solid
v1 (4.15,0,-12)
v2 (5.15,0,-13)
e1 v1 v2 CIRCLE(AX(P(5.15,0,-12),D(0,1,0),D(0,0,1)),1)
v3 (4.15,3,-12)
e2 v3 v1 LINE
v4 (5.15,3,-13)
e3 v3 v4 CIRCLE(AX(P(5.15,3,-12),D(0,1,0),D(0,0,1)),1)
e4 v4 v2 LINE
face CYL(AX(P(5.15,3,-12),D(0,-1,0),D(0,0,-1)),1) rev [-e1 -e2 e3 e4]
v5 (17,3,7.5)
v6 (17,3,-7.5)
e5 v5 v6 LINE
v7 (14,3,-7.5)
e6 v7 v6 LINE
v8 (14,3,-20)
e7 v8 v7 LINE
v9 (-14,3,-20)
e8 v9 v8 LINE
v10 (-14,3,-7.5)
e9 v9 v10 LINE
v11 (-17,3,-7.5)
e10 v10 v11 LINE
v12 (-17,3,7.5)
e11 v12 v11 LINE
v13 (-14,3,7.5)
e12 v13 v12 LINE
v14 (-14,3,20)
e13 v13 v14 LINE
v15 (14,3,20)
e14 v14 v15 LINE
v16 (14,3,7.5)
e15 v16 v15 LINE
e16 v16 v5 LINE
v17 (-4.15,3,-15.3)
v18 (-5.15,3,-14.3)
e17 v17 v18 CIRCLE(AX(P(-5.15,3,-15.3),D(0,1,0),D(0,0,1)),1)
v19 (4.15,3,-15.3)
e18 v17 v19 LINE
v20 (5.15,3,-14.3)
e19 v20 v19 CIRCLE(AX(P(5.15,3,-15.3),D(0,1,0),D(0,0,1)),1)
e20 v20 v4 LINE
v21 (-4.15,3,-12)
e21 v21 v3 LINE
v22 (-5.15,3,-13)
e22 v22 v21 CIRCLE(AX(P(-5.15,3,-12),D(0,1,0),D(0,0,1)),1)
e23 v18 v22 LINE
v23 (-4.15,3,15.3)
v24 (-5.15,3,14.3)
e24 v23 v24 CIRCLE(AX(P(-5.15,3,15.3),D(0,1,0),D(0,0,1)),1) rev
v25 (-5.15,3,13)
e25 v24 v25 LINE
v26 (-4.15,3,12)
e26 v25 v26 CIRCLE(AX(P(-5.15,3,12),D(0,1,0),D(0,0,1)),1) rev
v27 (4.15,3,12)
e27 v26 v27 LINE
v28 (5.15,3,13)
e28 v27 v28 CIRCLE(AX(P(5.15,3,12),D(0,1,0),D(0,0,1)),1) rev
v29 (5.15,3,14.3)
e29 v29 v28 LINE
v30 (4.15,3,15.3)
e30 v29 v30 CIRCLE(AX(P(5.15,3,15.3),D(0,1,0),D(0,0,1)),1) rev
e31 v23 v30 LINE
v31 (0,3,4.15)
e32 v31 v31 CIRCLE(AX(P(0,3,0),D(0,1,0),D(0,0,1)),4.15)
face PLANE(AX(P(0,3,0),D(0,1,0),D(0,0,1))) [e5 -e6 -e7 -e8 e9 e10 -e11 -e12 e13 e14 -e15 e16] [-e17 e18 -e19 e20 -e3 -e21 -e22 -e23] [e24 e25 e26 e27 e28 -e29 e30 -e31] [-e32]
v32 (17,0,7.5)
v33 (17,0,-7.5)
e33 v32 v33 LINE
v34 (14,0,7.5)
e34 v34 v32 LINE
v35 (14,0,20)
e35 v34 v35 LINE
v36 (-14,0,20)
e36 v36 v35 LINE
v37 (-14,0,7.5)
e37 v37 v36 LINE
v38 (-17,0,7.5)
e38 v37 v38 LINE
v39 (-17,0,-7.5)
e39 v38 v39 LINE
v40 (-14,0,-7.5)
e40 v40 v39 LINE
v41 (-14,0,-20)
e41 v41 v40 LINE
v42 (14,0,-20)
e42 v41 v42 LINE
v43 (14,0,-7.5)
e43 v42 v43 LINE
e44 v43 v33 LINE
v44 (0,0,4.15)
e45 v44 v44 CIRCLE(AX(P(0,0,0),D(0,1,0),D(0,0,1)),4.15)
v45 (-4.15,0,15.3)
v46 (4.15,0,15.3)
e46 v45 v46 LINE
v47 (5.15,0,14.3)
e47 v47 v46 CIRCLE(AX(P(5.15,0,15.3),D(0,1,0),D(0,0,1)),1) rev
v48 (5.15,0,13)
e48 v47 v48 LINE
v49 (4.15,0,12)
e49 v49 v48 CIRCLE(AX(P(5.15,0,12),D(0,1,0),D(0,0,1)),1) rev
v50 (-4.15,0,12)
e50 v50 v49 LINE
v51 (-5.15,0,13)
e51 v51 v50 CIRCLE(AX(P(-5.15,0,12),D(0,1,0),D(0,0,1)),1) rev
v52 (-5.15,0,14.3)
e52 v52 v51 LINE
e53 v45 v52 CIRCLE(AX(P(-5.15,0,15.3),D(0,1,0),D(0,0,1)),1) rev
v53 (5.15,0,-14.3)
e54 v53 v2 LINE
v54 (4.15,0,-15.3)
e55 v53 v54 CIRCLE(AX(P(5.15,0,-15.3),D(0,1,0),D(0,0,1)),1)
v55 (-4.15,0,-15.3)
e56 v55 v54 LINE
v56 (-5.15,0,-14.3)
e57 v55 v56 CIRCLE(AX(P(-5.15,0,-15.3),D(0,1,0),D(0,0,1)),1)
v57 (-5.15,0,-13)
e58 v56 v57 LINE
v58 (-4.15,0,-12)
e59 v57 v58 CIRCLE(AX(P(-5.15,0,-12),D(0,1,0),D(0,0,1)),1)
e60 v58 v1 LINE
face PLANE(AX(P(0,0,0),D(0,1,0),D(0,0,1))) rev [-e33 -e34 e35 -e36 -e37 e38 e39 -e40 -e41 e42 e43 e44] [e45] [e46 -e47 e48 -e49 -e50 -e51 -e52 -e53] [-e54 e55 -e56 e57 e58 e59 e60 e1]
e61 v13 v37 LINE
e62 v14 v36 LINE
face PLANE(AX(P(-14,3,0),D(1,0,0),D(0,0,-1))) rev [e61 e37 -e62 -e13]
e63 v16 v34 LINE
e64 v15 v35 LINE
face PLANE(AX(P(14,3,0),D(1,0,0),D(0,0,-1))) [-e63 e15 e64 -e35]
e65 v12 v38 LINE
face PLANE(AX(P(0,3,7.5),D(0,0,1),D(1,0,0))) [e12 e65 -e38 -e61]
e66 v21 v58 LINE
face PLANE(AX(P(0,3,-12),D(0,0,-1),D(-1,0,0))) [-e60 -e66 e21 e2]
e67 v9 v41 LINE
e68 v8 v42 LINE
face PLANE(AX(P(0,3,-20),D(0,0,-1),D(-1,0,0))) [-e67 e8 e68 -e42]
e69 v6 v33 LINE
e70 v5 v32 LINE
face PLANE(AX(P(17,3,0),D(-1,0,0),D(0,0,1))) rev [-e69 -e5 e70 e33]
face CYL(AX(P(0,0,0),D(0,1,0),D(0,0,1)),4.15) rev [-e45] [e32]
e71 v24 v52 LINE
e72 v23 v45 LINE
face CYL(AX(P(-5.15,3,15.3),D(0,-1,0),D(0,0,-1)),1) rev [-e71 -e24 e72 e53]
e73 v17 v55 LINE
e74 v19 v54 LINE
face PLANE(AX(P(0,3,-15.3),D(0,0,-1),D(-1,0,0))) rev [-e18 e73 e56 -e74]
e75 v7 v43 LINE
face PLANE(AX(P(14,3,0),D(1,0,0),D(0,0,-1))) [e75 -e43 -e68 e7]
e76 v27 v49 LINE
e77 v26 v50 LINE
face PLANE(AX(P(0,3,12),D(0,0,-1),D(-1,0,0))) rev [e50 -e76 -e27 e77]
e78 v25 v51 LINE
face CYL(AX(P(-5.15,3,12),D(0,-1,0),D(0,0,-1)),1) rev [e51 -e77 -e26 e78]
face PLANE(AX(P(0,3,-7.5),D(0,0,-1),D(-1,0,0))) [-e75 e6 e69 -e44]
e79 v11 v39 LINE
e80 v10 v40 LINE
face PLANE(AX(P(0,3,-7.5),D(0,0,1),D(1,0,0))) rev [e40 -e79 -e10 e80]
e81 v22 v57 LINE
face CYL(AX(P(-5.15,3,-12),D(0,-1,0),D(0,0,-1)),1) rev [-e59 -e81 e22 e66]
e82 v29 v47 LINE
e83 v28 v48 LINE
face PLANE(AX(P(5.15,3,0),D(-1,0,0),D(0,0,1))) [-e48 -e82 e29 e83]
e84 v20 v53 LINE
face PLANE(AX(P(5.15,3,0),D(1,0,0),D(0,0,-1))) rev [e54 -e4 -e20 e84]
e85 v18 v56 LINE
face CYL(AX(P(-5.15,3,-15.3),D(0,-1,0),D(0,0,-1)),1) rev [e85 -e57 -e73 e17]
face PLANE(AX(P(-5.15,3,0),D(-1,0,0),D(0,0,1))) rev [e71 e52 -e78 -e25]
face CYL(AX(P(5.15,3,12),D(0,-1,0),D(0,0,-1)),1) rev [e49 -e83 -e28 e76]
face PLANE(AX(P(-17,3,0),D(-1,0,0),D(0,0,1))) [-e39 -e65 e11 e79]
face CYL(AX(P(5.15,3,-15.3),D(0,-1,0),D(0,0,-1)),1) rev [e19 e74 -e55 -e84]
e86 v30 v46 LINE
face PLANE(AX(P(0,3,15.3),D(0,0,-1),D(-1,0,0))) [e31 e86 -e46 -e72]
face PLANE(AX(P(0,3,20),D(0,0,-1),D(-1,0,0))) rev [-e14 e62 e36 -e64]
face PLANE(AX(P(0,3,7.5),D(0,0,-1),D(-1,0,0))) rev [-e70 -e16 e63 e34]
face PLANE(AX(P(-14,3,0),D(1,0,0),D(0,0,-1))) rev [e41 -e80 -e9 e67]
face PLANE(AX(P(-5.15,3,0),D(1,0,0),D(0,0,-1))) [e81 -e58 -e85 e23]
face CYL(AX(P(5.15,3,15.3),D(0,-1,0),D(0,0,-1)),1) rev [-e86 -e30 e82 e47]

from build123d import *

# Parameters (mm, degrees)
EXTRUDE_1_DEPTH     = 3
SKETCH_3_R          = 4.15
CUT_EXTRUDE_2_DEPTH = 3


with BuildPart() as part:
    # 草图1 → 凸台-拉伸1 (new body)
    with BuildSketch(Plane(origin=(0, 0, 0), x_dir=(1, 0, 0), z_dir=(0, 1, 0))):
        Polygon((14, 20), (-14, 20), (-14, 7.5), (-17, 7.5), (-17, -7.5), (-14, -7.5), (-14, -20), (14, -20), (14, -7.5), (17, -7.5), (17, 7.5), (14, 7.5), align=None)
        with BuildLine():
            ThreePointArc((-5.15, -13), (-5.857106781, -11.292893219), (-4.15, -12))
            Line((-4.15, -12), (4.15, -12))
            ThreePointArc((4.15, -12), (5.857106781, -11.292893219), (5.15, -13))
            Line((5.15, -13), (5.15, -14.3))
            ThreePointArc((5.15, -14.3), (5.857106781, -16.007106781), (4.15, -15.3))
            Line((4.15, -15.3), (-4.15, -15.3))
            ThreePointArc((-4.15, -15.3), (-5.857106781, -16.007106781), (-5.15, -14.3))
            Line((-5.15, -14.3), (-5.15, -13))
        make_face(mode=Mode.SUBTRACT)
        with BuildLine():
            ThreePointArc((-5.15, 14.3), (-5.857106781, 16.007106781), (-4.15, 15.3))
            Line((-4.15, 15.3), (4.15, 15.3))
            ThreePointArc((4.15, 15.3), (5.857106781, 16.007106781), (5.15, 14.3))
            Line((5.15, 14.3), (5.15, 13))
            ThreePointArc((5.15, 13), (5.857106781, 11.292893219), (4.15, 12))
            Line((4.15, 12), (-4.15, 12))
            ThreePointArc((-4.15, 12), (-5.857106781, 11.292893219), (-5.15, 13))
            Line((-5.15, 13), (-5.15, 14.3))
        make_face(mode=Mode.SUBTRACT)
    extrude(amount=EXTRUDE_1_DEPTH)

    # 草图3 → 切除-拉伸2 (cut)
    with BuildSketch(Plane(origin=(0, 3, 0), x_dir=(1, 0, 0), z_dir=(0, 1, 0))):
        with Locations(Location((0, 0, 0), (0, 0, 270))):
            Circle(SKETCH_3_R)
    extrude(amount=-CUT_EXTRUDE_2_DEPTH, mode=Mode.SUBTRACT)


solid = part.part
